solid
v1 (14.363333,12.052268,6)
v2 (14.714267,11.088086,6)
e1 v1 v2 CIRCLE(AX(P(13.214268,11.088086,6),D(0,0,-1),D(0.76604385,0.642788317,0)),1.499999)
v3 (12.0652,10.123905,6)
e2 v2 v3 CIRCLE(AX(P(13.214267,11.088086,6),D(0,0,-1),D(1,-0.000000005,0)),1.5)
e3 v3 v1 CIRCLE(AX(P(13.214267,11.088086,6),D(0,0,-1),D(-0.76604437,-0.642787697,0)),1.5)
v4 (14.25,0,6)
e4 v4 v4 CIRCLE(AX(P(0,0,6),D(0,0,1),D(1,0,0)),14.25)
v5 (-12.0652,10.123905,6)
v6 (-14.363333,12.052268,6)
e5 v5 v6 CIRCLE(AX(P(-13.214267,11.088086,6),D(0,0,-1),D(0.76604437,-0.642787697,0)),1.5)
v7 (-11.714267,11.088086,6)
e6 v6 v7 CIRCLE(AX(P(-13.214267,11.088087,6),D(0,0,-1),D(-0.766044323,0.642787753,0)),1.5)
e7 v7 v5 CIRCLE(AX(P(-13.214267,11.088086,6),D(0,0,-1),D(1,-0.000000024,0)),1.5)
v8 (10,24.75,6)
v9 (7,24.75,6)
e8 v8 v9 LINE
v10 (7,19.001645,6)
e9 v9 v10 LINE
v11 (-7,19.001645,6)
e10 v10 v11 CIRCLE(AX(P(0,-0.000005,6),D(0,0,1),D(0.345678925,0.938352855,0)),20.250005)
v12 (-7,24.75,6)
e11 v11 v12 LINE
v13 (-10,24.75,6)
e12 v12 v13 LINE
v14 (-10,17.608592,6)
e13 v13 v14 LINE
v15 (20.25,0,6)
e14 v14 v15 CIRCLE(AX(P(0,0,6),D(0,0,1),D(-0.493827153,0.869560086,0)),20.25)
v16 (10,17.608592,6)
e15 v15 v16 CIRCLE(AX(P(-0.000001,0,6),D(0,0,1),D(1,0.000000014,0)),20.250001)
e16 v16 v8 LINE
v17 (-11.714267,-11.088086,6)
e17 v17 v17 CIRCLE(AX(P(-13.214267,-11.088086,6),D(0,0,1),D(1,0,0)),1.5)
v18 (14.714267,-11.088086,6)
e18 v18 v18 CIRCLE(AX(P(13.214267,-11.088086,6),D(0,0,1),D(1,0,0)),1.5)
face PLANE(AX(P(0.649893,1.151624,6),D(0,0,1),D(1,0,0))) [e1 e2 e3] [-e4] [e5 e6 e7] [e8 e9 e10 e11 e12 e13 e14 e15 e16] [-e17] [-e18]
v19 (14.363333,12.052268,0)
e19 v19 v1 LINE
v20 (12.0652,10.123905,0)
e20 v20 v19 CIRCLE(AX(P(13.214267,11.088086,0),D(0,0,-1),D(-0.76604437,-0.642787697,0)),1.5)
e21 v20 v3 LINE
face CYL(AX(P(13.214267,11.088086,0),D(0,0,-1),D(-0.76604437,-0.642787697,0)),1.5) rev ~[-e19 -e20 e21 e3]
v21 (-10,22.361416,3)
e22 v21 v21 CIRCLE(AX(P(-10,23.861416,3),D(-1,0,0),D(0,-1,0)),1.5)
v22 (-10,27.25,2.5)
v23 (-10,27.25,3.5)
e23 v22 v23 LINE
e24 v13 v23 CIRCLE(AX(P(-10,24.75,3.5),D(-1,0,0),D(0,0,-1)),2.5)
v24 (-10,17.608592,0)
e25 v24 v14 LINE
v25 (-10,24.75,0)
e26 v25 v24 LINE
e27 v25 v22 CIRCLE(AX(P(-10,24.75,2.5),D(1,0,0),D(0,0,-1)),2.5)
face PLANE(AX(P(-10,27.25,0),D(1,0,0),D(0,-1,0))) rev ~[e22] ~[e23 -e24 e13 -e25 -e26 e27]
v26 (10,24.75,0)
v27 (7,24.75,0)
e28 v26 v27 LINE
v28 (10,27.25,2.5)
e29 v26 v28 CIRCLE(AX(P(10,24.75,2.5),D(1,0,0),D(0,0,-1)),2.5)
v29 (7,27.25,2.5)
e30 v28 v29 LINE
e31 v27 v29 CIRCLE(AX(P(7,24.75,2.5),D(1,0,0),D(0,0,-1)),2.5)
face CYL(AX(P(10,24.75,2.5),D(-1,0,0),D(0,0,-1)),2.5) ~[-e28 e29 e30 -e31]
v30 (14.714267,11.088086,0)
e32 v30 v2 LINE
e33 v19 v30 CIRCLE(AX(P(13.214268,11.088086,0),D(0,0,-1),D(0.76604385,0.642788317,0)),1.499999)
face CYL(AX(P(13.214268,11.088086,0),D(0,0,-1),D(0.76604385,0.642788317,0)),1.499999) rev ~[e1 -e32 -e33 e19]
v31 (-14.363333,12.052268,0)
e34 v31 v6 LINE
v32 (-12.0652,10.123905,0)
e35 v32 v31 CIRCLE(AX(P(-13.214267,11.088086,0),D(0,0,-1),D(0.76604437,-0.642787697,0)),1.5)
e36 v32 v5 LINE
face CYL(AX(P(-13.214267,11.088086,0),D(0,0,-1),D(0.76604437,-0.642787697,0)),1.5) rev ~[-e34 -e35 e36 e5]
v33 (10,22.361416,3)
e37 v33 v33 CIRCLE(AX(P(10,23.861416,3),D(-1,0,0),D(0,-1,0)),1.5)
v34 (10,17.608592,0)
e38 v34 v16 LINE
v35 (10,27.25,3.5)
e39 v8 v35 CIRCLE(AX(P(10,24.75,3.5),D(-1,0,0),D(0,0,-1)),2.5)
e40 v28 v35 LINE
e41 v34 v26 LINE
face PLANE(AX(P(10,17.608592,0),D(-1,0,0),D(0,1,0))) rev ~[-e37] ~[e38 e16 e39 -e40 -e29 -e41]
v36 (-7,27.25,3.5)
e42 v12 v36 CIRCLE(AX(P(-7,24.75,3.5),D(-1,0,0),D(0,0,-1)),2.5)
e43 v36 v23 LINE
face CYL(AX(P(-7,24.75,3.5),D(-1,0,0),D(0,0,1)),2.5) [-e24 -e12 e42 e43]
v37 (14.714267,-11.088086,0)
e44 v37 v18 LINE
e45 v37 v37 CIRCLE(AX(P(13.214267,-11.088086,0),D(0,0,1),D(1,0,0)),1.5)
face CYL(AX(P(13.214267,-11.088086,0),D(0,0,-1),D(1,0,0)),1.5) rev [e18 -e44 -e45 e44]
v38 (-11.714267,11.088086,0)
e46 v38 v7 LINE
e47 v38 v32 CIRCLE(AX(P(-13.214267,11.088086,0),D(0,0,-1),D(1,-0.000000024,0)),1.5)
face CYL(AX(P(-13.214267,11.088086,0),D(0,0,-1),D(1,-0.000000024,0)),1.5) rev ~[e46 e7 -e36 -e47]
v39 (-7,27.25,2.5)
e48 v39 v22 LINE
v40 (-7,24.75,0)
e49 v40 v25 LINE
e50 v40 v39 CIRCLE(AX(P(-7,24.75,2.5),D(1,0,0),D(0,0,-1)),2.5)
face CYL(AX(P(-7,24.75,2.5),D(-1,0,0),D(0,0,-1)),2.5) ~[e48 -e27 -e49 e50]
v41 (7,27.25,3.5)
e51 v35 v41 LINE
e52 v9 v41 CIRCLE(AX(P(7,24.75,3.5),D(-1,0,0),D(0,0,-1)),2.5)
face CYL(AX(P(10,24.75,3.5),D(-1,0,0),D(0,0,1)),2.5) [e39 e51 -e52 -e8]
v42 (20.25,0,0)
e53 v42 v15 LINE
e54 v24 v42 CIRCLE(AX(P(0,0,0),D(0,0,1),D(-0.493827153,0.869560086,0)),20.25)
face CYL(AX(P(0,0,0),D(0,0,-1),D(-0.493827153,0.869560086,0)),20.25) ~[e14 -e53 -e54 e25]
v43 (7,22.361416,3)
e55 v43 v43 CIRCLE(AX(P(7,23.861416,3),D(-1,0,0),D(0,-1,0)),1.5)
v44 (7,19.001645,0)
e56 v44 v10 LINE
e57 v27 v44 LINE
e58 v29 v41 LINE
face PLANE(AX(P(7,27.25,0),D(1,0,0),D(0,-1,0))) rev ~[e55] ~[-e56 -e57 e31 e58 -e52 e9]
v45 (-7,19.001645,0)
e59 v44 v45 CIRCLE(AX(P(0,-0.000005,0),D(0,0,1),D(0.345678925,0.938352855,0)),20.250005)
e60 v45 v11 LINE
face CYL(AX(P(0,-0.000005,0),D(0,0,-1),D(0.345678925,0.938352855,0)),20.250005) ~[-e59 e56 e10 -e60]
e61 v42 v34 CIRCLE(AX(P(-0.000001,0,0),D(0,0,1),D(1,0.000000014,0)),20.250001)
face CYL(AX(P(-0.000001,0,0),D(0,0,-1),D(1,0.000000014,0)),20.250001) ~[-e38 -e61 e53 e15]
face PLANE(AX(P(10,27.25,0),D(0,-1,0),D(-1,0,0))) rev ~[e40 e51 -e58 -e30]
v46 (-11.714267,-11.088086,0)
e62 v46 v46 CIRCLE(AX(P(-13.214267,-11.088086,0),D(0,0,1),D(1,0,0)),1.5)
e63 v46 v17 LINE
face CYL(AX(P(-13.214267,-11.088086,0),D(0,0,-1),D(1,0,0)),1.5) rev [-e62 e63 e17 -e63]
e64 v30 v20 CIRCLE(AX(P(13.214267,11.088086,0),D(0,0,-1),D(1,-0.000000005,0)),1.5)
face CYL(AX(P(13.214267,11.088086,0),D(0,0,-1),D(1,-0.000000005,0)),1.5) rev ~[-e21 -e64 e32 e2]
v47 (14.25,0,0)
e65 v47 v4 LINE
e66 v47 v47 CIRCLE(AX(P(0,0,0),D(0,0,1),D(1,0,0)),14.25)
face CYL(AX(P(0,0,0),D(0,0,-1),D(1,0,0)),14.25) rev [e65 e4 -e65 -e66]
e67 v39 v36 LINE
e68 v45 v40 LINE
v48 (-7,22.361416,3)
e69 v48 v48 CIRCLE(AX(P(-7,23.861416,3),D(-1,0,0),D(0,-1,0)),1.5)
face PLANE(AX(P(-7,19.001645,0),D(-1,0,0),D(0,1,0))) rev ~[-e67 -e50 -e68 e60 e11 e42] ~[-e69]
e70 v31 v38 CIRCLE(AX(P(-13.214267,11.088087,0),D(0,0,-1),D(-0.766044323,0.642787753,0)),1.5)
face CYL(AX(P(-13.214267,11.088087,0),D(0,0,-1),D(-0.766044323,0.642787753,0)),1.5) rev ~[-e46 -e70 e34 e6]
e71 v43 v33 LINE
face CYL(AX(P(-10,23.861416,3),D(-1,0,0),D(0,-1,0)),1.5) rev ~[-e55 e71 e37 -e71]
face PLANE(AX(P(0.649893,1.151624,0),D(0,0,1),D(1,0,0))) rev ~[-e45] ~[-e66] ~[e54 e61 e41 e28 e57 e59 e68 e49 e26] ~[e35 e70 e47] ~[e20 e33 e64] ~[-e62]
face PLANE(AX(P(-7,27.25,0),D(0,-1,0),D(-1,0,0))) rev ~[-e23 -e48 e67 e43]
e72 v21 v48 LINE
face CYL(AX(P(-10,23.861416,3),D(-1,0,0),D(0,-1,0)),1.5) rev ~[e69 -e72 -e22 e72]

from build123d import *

# Parameters (mm, degrees)
F0_R     = 1.5
F0_R_2   = 14.25
F1_DEPTH = 6
F2_R     = 1.5
F3_DEPTH = 30.251
F4_R     = 2.5


with BuildPart() as f1:
    # F0 (on Top) → F1 (new body)
    with BuildSketch(Plane.XY):
        with BuildLine():
            ThreePointArc((-10, 17.608592), (-10.187308, -17.500893), (20.25, 0))
            ThreePointArc((20.25, 0), (17.500893, 10.187308), (10, 17.608592))
            ThreePointArc((10, 17.608592), (8.52849, 18.366474), (7, 19.001645))
            ThreePointArc((7, 19.001645), (0, 20.25), (-7, 19.001645))
            ThreePointArc((-7, 19.001645), (-8.52849, 18.366474), (-10, 17.608592))
        make_face()
        with Locations((-13.214267, -11.088086)):
            Circle(F0_R, mode=Mode.SUBTRACT)
        with Locations((13.214267, -11.088086)):
            Circle(F0_R, mode=Mode.SUBTRACT)
        Circle(F0_R_2, mode=Mode.SUBTRACT)
        with BuildLine():
            ThreePointArc((-11.714267, 11.088086), (-11.804728, 10.575056), (-12.0652, 10.123905))
            ThreePointArc((-12.0652, 10.123905), (-14.178448, 9.93902), (-14.363333, 12.052268))
            ThreePointArc((-14.363333, 12.052268), (-12.701236, 12.497625), (-11.714267, 11.088086))
        make_face(mode=Mode.SUBTRACT)
        with BuildLine():
            ThreePointArc((14.714267, 11.088086), (13.727297, 9.678547), (12.0652, 10.123905))
            ThreePointArc((12.0652, 10.123905), (12.250085, 12.237153), (14.363333, 12.052268))
            ThreePointArc((14.363333, 12.052268), (14.623806, 11.601116), (14.714267, 11.088086))
        make_face(mode=Mode.SUBTRACT)
        with BuildLine():
            ThreePointArc((7, 19.001645), (8.52849, 18.366474), (10, 17.608592))
            Line((10, 17.608592), (10, 27.25))
            Line((10, 27.25), (7, 27.25))
            Line((7, 27.25), (7, 19.001645))
        make_face()
        with BuildLine():
            Line((-10, 27.25), (-10, 17.608592))
            ThreePointArc((-10, 17.608592), (-8.52849, 18.366474), (-7, 19.001645))
            Line((-7, 19.001645), (-7, 27.25))
            Line((-7, 27.25), (-10, 27.25))
        make_face()
    extrude(amount=F1_DEPTH)

    # F2 (on face) → F3 (cut, through all)
    with BuildSketch(Plane(origin=(-10, 0, 0), x_dir=(0, -1, 0), z_dir=(-1, 0, 0))):
        with Locations((-23.861416, 3)):
            Circle(F2_R)
    extrude(amount=-F3_DEPTH, mode=Mode.SUBTRACT)

    # F4
    f4_edges = [f1.edges().sort_by_distance(p)[0] for p in [
        (8.5, 27.25, 6),
        (8.5, 27.25, 0),
        (-8.5, 27.25, 0),
        (-8.5, 27.25, 6),
    ]]
    fillet(f4_edges, radius=F4_R)


solid = f1.part
